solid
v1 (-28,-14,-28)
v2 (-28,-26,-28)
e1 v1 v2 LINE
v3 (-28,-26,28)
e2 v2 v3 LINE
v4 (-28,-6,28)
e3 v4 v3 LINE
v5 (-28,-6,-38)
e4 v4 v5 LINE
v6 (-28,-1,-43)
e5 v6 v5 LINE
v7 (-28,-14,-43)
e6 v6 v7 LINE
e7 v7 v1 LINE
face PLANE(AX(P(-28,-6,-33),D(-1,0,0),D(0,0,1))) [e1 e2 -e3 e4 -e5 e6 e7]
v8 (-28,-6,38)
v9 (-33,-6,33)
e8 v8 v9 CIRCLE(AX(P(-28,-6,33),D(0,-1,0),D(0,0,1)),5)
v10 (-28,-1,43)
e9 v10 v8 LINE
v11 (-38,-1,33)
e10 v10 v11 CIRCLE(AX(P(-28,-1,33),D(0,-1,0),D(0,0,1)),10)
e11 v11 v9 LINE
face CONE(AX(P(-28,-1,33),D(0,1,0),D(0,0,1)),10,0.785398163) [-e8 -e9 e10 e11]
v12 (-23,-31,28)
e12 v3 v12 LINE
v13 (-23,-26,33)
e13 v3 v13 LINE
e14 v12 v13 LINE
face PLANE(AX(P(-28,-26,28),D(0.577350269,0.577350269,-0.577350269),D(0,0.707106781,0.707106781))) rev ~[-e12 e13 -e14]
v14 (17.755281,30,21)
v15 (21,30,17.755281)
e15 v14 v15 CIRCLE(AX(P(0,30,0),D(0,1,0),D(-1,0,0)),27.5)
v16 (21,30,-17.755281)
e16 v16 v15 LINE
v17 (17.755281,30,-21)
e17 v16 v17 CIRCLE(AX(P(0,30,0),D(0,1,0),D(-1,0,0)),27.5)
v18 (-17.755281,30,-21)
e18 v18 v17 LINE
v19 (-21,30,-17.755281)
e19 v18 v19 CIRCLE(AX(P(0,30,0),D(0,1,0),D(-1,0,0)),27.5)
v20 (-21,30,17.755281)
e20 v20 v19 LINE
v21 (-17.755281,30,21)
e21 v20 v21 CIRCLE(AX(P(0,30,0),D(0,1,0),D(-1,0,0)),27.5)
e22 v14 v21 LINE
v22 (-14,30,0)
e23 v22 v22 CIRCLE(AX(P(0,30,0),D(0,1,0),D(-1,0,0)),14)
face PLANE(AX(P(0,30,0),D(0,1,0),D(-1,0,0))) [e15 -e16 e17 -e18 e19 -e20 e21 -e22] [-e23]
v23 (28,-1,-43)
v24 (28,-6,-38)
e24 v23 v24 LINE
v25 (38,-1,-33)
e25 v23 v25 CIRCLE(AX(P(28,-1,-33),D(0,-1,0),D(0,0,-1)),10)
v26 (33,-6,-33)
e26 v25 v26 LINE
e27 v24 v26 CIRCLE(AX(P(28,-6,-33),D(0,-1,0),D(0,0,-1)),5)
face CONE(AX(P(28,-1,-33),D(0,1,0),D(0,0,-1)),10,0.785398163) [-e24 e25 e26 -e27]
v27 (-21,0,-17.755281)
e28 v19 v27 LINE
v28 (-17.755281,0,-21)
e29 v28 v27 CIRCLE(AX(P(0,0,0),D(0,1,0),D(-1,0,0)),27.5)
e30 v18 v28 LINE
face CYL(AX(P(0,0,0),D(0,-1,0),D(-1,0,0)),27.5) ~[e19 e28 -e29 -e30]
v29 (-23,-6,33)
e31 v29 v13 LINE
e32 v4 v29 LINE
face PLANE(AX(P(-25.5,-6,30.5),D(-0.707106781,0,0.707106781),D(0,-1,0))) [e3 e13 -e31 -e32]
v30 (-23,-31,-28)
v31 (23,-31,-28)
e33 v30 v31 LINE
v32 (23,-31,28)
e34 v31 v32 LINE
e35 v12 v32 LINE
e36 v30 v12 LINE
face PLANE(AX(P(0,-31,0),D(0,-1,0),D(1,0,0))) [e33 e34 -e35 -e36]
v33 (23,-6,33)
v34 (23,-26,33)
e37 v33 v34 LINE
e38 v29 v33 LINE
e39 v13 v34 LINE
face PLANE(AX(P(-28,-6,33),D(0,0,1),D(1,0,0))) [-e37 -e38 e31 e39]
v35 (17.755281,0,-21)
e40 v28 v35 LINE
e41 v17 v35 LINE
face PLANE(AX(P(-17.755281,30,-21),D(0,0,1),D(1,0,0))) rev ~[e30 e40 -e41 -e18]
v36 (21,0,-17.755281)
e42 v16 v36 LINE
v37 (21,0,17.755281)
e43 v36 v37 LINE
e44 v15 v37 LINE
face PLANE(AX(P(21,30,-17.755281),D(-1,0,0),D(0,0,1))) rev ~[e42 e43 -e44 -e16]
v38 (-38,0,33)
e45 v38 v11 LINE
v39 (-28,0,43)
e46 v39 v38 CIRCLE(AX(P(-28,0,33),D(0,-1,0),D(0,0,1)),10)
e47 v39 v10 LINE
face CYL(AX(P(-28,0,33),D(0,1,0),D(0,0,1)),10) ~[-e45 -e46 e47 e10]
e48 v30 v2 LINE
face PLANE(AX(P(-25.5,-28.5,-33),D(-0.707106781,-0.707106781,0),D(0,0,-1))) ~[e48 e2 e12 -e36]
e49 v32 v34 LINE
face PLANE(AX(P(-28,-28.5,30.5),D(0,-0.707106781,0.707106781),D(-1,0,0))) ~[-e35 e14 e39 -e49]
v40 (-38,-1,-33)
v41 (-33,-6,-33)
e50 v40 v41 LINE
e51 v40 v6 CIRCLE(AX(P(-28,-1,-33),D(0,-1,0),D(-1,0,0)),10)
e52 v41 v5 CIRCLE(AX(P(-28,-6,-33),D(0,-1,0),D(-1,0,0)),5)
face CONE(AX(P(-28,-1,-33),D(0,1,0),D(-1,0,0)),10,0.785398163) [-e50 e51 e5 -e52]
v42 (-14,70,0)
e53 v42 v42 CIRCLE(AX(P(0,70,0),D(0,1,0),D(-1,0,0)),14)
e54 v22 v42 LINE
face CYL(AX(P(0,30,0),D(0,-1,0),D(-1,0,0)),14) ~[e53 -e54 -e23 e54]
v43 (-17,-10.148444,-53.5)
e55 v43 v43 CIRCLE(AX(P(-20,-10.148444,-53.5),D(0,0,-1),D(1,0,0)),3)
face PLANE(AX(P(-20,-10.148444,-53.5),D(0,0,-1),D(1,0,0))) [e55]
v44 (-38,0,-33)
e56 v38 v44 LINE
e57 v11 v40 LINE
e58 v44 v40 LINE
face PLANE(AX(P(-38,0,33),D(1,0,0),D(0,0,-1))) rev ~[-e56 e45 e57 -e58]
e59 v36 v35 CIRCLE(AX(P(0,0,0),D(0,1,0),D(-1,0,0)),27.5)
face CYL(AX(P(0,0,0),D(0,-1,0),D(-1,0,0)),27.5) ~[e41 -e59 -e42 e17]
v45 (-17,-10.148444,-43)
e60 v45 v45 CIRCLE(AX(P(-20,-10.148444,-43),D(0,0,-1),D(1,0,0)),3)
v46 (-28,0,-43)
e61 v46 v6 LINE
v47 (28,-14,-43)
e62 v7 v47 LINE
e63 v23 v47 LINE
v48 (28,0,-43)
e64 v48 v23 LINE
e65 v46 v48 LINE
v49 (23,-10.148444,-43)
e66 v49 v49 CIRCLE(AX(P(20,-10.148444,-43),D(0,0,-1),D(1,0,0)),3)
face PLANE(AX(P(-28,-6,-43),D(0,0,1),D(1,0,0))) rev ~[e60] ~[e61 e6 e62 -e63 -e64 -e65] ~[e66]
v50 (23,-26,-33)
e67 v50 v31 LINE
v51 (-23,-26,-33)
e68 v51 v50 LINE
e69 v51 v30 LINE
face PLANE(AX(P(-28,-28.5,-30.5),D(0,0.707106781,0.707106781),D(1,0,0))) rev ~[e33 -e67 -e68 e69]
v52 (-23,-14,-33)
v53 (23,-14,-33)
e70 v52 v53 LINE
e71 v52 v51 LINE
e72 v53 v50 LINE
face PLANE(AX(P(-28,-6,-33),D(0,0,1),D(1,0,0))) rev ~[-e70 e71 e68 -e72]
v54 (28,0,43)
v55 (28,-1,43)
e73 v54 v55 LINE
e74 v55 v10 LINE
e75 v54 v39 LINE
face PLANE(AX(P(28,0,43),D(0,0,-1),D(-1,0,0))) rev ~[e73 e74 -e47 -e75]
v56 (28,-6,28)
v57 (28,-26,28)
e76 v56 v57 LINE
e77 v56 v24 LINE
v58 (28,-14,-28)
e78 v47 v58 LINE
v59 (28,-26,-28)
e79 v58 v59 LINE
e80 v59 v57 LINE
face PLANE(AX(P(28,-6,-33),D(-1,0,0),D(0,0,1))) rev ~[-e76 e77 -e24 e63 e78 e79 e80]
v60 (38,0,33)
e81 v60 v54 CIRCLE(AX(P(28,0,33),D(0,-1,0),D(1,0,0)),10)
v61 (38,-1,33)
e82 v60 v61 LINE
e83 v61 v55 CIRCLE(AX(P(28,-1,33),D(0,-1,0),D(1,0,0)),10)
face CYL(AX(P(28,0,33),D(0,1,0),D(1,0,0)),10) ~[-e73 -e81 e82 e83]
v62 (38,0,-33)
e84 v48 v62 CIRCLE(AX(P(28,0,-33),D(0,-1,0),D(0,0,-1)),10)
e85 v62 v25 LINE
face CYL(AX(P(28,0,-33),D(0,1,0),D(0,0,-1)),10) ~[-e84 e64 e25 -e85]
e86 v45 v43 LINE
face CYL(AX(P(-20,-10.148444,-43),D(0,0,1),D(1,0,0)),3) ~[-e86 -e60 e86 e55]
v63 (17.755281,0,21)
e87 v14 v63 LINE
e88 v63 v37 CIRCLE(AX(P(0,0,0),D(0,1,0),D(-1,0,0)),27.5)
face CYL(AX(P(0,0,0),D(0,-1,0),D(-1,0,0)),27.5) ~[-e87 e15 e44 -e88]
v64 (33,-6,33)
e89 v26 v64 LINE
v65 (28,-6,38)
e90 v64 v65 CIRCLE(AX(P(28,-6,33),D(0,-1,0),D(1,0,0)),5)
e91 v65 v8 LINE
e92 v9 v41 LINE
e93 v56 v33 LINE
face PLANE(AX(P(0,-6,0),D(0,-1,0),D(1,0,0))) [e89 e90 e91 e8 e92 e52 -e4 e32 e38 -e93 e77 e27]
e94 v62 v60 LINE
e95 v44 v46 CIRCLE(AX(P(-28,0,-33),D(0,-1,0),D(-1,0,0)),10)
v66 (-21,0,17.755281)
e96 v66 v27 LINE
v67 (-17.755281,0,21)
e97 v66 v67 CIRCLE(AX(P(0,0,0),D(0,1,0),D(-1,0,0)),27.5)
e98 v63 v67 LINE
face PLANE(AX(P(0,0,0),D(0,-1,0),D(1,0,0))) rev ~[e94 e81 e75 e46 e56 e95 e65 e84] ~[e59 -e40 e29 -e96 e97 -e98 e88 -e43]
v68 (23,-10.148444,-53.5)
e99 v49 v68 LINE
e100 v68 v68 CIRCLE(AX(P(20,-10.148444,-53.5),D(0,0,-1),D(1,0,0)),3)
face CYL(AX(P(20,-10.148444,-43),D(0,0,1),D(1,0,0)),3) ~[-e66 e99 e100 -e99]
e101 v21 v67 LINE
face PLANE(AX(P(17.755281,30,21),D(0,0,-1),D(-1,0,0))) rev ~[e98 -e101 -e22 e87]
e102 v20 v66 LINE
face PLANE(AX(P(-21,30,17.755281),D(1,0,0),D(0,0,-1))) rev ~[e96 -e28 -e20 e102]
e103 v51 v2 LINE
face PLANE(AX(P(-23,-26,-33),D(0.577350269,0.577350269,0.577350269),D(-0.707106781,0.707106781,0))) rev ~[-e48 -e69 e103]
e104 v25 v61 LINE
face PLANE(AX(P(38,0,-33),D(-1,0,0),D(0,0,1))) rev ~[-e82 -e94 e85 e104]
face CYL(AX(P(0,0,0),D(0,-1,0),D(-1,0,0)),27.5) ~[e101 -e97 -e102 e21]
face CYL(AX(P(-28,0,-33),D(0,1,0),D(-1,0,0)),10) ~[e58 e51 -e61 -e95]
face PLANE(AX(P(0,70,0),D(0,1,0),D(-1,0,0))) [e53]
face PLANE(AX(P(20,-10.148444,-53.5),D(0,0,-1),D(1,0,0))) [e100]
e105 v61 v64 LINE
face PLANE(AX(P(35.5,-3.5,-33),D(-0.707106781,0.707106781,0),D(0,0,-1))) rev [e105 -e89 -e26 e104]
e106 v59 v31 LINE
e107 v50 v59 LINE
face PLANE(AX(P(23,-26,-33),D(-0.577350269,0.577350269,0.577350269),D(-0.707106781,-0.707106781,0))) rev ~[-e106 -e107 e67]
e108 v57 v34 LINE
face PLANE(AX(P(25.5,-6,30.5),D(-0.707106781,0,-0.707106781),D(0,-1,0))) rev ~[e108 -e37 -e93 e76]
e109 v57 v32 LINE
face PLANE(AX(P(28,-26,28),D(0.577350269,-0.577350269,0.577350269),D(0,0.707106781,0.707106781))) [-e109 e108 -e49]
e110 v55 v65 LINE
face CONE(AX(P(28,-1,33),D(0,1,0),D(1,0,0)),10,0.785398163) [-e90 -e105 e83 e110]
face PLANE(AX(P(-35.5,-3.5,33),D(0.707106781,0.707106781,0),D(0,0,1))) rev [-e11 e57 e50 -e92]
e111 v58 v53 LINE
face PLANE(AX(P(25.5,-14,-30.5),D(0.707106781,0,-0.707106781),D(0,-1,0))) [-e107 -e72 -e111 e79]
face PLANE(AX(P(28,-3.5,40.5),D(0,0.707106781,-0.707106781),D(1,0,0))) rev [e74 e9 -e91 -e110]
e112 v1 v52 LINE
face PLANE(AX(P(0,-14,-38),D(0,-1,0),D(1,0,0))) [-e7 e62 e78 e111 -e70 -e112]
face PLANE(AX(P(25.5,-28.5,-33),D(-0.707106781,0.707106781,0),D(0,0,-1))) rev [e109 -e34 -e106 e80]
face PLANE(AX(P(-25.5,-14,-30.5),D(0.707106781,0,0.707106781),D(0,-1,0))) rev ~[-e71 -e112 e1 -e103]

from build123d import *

# Parameters (mm, degrees)
F1_DEPTH  = 6
F2_R      = 27.5
F3_DEPTH  = 30
F4_R      = 14
F5_DEPTH  = 40
F6_W      = 56
F6_H      = 10
F7_DEPTH  = 8
F8_R      = 3
F9_DEPTH  = 10.5
F10_W     = 56
F10_H     = 66
F11_DEPTH = 25
F12_SIZE  = 5
F14_DEPTH = 30


with BuildPart() as f1:
    # F0 (on Front) → F1 (new body)
    with BuildSketch(Plane.XZ):
        with BuildLine():
            ThreePointArc((38, 33), (35.0710678119, 40.0710678119), (28, 43))
            Line((28, 43), (-28, 43))
            ThreePointArc((-28, 43), (-35.0710678119, 40.0710678119), (-38, 33))
            Line((-38, 33), (-38, -33))
            ThreePointArc((-38, -33), (-35.0710678119, -40.0710678119), (-28, -43))
            Line((-28, -43), (28, -43))
            ThreePointArc((28, -43), (35.0710678119, -40.0710678119), (38, -33))
            Line((38, -33), (38, 33))
        make_face()
    extrude(amount=F1_DEPTH)

    # F2 (on face) → F3 (join)
    with BuildSketch(Plane(origin=(0, 0, 0), x_dir=(-1, 0, 0), z_dir=(0, 1, 0))):
        Circle(F2_R)
    extrude(amount=F3_DEPTH)

    # F4 (on face) → F5 (join)
    with BuildSketch(Plane(origin=(0, 30, 0), x_dir=(-1, 0, 0), z_dir=(0, 1, 0))):
        Circle(F4_R)
    extrude(amount=F5_DEPTH)

    # F6 (on face) → F7 (join)
    with BuildSketch(Plane.XZ.offset(6)):
        with Locations((0, -38)):
            Rectangle(F6_W, F6_H)
    extrude(amount=F7_DEPTH)

    # F8 (on face) → F9 (join)
    with BuildSketch(Plane(origin=(0, 0, -43), x_dir=(1, 0, 0), z_dir=(0, 0, -1))):
        with Locations((-20, 10.148444213)):
            Circle(F8_R)
        with Locations((20, 10.148444213)):
            Circle(F8_R)
    extrude(amount=F9_DEPTH)

    # F10 (on face) → F11 (join)
    with BuildSketch(Plane.XZ.offset(6)):
        Rectangle(F10_W, F10_H)
    extrude(amount=F11_DEPTH)

    # F12
    f12_edges = [f1.edges().sort_by_distance(p)[0] for p in [
        (0, -31, 33),
        (28, -31, 0),
        (-28, -31, 0),
        (-28, -18.5, 33),
        (28, -18.5, 33),
        (28, -22.5, -33),
        (0, -31, -33),
        (-28, -22.5, -33),
        (0, -6, 43),
    ]]
    chamfer(f12_edges, length=F12_SIZE)

    # F13 (on face) → F14 (cut, through all)
    with BuildSketch(Plane(origin=(0, 30, 0), x_dir=(-1, 0, 0), z_dir=(0, 1, 0))):
        with BuildLine():
            Line((-17.7552809046, 21), (17.7552809046, 21))
            ThreePointArc((17.7552809046, 21), (0, 27.5), (-17.7552809046, 21))
        make_face()
        with BuildLine():
            ThreePointArc((27.5, 0), (25.8239230172, 9.4538352006), (21, 17.7552809046))
            Line((21, 17.7552809046), (21, -17.7552809046))
            ThreePointArc((21, -17.7552809046), (25.8239230172, -9.4538352006), (27.5, 0))
        make_face()
        with BuildLine():
            ThreePointArc((-17.7552809046, -21), (0, -27.5), (17.7552809046, -21))
            Line((17.7552809046, -21), (-17.7552809046, -21))
        make_face()
        with BuildLine():
            Line((-21, -17.7552809046), (-21, 17.7552809046))
            ThreePointArc((-21, 17.7552809046), (-27.5, 0), (-21, -17.7552809046))
        make_face()
    extrude(amount=-F14_DEPTH, mode=Mode.SUBTRACT)


solid = f1.part
